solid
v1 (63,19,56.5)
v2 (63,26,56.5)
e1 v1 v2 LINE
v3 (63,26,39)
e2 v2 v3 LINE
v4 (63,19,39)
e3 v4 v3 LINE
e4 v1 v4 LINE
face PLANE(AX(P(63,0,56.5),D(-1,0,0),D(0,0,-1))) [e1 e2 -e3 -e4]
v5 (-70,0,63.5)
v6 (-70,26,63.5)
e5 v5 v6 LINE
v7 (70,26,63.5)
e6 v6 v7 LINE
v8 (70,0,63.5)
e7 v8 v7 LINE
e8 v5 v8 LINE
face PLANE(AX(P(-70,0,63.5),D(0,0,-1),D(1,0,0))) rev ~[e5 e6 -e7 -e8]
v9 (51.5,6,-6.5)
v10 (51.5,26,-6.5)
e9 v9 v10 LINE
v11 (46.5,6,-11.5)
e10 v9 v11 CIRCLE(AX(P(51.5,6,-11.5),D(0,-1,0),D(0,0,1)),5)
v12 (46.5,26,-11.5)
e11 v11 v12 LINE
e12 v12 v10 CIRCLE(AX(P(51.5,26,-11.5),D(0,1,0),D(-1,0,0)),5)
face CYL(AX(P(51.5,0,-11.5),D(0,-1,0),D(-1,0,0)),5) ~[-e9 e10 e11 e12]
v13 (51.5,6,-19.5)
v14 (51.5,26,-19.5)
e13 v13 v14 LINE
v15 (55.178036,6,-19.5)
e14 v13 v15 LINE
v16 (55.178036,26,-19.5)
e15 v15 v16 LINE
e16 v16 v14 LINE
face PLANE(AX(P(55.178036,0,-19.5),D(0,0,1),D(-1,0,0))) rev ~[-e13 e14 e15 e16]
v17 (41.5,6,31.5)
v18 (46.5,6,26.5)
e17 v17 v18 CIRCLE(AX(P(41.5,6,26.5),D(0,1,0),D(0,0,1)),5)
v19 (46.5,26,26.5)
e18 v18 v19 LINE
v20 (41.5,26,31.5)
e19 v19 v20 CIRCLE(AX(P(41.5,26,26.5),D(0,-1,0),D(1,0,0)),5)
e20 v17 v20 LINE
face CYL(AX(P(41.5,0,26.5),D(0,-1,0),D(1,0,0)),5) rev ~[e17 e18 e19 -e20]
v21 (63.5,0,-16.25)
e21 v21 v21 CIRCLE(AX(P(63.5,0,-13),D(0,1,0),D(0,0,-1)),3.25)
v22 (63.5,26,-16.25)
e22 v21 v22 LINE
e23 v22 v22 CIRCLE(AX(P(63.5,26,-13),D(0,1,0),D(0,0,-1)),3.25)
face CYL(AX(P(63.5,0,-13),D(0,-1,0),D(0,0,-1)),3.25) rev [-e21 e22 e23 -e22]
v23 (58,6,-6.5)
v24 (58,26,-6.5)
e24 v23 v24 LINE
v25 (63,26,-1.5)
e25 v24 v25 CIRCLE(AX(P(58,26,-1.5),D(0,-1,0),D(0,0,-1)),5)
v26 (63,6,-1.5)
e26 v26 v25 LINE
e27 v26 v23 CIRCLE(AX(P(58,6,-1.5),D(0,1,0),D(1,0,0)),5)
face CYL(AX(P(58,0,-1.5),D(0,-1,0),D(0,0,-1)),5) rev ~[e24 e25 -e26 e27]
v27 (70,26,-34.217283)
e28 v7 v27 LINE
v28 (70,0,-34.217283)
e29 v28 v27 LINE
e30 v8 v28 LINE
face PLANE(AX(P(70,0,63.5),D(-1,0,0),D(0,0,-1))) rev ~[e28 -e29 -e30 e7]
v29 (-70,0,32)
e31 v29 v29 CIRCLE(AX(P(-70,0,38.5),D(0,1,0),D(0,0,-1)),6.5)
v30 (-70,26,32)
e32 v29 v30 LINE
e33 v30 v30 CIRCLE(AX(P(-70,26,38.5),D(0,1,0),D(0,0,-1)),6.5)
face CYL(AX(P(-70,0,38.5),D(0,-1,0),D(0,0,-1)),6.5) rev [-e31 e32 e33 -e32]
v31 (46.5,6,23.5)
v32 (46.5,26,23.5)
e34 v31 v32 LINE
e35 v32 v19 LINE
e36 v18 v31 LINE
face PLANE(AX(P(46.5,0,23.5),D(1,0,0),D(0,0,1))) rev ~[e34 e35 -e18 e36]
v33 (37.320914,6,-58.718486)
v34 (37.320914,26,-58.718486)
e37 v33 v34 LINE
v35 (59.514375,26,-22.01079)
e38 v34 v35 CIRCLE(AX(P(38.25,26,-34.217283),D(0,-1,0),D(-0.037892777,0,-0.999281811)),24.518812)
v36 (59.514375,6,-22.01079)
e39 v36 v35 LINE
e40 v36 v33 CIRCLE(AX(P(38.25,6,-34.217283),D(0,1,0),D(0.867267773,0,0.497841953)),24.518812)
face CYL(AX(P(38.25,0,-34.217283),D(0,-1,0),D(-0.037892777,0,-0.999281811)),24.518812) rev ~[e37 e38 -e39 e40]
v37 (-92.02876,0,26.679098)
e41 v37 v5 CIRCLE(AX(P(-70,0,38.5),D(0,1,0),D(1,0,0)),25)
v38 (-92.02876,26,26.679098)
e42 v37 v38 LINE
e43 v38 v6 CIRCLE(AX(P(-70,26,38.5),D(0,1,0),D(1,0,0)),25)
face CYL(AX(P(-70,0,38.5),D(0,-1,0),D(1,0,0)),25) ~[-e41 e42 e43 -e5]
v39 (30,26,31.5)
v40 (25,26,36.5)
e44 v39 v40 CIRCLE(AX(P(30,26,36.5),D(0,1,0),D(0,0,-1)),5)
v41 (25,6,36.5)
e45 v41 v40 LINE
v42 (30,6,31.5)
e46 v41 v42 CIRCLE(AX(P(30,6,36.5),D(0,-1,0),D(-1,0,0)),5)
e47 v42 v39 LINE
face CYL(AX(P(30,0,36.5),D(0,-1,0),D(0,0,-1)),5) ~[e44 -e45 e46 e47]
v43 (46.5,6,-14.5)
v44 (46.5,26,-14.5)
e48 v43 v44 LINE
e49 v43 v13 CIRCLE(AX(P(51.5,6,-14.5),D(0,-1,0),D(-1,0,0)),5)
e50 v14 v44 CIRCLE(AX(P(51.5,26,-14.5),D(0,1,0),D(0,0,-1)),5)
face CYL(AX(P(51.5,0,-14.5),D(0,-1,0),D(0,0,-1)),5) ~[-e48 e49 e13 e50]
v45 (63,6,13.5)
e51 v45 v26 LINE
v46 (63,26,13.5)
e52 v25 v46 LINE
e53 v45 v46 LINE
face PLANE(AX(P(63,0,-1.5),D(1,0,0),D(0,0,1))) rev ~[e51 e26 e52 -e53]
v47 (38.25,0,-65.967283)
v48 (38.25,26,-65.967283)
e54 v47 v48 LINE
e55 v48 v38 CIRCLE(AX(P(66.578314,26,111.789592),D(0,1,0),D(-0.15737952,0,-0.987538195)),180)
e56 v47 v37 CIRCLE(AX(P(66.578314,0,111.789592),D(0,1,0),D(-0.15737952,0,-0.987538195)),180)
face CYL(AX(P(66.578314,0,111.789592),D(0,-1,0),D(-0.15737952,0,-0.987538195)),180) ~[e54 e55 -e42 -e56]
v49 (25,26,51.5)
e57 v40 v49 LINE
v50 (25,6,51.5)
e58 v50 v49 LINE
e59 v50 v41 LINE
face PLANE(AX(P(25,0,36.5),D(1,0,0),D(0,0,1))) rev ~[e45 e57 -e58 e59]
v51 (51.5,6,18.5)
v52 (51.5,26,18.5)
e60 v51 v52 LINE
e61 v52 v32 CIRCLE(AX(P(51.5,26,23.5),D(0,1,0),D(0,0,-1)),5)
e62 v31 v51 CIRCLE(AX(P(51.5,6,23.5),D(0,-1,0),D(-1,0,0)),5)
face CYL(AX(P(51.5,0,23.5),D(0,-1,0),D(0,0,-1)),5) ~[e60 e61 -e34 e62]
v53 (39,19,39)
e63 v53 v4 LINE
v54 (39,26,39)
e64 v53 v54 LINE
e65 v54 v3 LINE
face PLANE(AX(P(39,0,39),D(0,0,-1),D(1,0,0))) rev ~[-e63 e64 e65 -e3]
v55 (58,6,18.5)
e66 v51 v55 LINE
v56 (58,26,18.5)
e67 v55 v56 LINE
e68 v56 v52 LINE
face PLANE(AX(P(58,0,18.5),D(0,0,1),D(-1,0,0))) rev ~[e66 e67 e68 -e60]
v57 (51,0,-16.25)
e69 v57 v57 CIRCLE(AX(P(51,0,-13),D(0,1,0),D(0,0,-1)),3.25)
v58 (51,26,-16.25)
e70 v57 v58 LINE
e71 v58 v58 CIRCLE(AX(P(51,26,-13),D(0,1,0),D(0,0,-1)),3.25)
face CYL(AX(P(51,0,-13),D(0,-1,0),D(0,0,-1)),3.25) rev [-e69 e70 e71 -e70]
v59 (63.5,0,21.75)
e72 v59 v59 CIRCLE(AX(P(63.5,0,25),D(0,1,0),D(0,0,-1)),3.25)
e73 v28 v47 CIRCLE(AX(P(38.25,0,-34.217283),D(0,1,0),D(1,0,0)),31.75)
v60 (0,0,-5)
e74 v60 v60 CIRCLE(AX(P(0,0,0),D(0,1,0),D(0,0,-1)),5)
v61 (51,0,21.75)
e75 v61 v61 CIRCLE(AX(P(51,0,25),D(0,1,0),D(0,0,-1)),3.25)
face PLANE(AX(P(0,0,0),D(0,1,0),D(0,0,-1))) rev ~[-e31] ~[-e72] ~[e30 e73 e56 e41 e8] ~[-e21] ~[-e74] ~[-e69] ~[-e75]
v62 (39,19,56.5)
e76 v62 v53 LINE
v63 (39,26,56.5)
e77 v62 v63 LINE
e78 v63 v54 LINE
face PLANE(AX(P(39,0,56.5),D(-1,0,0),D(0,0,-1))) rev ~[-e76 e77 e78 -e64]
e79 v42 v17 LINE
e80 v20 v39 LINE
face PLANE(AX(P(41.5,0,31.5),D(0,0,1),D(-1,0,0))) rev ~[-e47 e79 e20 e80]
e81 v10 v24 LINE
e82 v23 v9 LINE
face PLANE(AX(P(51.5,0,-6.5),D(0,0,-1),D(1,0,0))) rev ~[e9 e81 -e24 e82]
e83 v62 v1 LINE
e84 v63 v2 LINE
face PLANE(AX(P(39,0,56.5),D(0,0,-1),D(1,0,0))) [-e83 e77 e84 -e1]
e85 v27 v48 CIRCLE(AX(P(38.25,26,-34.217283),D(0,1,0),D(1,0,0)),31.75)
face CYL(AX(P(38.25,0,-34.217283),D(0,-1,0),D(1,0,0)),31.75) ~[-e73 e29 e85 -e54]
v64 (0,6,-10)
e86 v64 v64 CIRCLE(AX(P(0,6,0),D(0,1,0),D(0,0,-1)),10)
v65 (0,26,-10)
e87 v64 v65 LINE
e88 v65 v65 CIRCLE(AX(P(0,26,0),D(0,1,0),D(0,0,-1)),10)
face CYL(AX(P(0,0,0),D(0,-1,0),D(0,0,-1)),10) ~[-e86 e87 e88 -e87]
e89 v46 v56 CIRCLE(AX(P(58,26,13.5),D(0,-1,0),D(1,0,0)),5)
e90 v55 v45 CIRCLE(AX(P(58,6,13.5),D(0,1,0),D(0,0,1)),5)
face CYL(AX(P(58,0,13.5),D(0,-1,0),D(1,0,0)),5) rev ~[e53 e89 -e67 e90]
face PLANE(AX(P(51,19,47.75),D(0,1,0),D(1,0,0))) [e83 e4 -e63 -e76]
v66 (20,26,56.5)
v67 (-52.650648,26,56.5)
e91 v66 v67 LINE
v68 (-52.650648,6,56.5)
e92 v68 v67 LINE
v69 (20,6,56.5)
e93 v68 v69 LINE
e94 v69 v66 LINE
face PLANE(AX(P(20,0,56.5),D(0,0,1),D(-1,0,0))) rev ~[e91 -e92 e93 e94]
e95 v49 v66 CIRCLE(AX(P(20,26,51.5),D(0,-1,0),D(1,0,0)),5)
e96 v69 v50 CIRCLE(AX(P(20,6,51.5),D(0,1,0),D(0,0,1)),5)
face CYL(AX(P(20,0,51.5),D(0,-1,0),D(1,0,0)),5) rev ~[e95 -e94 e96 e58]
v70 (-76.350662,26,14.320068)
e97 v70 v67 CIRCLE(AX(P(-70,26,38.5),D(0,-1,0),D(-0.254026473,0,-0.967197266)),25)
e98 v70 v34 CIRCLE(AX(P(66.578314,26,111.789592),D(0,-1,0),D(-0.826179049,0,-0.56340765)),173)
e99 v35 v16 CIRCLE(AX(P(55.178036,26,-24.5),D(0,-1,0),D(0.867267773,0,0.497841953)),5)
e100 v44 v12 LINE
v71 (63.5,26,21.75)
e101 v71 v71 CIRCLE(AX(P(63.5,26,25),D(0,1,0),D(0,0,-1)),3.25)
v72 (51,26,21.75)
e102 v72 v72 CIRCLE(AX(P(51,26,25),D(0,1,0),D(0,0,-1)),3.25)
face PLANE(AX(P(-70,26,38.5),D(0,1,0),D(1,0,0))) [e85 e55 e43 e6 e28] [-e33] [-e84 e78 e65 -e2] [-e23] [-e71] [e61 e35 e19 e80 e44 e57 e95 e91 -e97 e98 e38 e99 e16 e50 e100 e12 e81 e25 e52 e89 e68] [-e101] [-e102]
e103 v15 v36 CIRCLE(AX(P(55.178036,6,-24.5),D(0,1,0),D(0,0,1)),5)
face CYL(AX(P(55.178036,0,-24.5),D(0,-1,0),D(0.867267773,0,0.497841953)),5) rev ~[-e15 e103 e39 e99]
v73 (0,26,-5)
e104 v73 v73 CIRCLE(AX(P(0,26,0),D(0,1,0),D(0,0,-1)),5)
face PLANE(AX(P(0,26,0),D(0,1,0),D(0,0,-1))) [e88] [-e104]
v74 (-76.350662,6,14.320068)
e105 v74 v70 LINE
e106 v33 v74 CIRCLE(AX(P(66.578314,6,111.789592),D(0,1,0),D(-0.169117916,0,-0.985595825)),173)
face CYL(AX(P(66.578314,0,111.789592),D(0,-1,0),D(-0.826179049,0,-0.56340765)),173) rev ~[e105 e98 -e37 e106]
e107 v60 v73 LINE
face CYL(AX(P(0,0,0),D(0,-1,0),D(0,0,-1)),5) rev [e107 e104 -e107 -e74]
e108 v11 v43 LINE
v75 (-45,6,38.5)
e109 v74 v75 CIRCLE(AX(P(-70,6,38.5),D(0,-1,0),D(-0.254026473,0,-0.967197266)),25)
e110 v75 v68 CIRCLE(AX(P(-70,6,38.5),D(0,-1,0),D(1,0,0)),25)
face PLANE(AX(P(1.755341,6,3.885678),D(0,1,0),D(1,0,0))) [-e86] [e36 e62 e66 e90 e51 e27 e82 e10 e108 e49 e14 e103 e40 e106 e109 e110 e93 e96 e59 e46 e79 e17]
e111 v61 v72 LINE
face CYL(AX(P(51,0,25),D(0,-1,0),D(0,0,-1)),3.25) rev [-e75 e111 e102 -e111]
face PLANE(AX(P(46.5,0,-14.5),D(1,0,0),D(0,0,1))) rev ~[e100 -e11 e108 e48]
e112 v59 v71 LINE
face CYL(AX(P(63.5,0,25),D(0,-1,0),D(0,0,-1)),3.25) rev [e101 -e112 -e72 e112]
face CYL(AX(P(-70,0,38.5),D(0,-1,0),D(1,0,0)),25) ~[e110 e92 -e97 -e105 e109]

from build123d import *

# Parameters (mm, degrees)
SKETCH1_W           = 24
SKETCH1_H           = 17.5
SKETCH1_R           = 3.249999996
SKETCH1_R_2         = 3.25
SKETCH1_R_3         = 6.5
BOSS_EXTRUDE1_DEPTH = 26
SKETCH1_3_R         = 10
BOSS_EXTRUDE2_DEPTH = 6
SKETCH1_4_W         = 24
SKETCH1_4_H         = 17.5
BOSS_EXTRUDE3_DEPTH = 19
SKETCH1_5_R         = 10
SKETCH1_5_R_2       = 5
BOSS_EXTRUDE4_DEPTH = 26


with BuildPart() as part:
    # Sketch1 → Boss-Extrude1 (new body)
    with BuildSketch(Plane(origin=(0, 0, 0), x_dir=(1, 0, 0), z_dir=(0, 1, 0))):
        with BuildLine():
            ThreePointArc((38.25, 65.967283386), (-37.738740481, 34.900395081), (-92.028760258, -26.679098109))
            ThreePointArc((-92.028760258, -26.679098109), (-91.453700698, -51.335058487), (-70, -63.5))
            Line((-70, -63.5), (70, -63.5))
            Line((70, -63.5), (70, 34.217283386))
            ThreePointArc((70, 34.217283386), (60.700640303, 56.667923689), (38.25, 65.967283386))
        make_face()
        with BuildLine():
            Line((20, -56.5), (-52.650648427, -56.5))
            ThreePointArc((-52.650648427, -56.5), (-48.204829606, -26.253753738), (-76.350661821, -14.320068353))
            ThreePointArc((-76.350661821, -14.320068353), (-26.940104532, 33.755265523), (37.320914143, 58.718486024))
            ThreePointArc((37.320914143, 58.718486024), (59.232009713, 46.90299975), (59.514375282, 22.010790233))
            ThreePointArc((59.514375282, 22.010790233), (57.683425726, 20.172988974), (55.178036419, 19.5))
            Line((55.178036419, 19.5), (51.5, 19.5))
            ThreePointArc((51.5, 19.5), (47.964466094, 18.035533906), (46.5, 14.5))
            Line((46.5, 14.5), (46.5, 11.5))
            ThreePointArc((46.5, 11.5), (47.964466094, 7.964466094), (51.5, 6.5))
            Line((51.5, 6.5), (58, 6.5))
            ThreePointArc((58, 6.5), (61.535533906, 5.035533906), (63, 1.5))
            Line((63, 1.5), (63, -13.5))
            ThreePointArc((63, -13.5), (61.535533906, -17.035533906), (58, -18.5))
            Line((58, -18.5), (51.5, -18.5))
            ThreePointArc((51.5, -18.5), (47.964466094, -19.964466094), (46.5, -23.5))
            Line((46.5, -23.5), (46.5, -26.5))
            ThreePointArc((46.5, -26.5), (45.035533906, -30.035533906), (41.5, -31.5))
            Line((41.5, -31.5), (30, -31.5))
            ThreePointArc((30, -31.5), (26.464466094, -32.964466094), (25, -36.5))
            Line((25, -36.5), (25, -51.5))
            ThreePointArc((25, -51.5), (23.535533906, -55.035533906), (20, -56.5))
        make_face(mode=Mode.SUBTRACT)
        with Locations((51, -47.75)):
            Rectangle(SKETCH1_W, SKETCH1_H, mode=Mode.SUBTRACT)
        with Locations((51, -25)):
            Circle(SKETCH1_R, mode=Mode.SUBTRACT)
        with Locations((63.5, -25)):
            Circle(SKETCH1_R_2, mode=Mode.SUBTRACT)
        with Locations((51, 13)):
            Circle(SKETCH1_R, mode=Mode.SUBTRACT)
        with Locations((63.5, 13)):
            Circle(SKETCH1_R_2, mode=Mode.SUBTRACT)
        with Locations((-70, -38.5)):
            Circle(SKETCH1_R_3, mode=Mode.SUBTRACT)
    extrude(amount=BOSS_EXTRUDE1_DEPTH)

    # Sketch1<3> → Boss-Extrude2 (add)
    with BuildSketch(Plane(origin=(0, 0, 0), x_dir=(1, 0, 0), z_dir=(0, 1, 0))):
        with BuildLine():
            ThreePointArc((-45, -38.5), (-46.992025412, -48.279218033), (-52.650648427, -56.5))
            Line((-52.650648427, -56.5), (20, -56.5))
            ThreePointArc((20, -56.5), (23.535533906, -55.035533906), (25, -51.5))
            Line((25, -51.5), (25, -36.5))
            ThreePointArc((25, -36.5), (26.464466094, -32.964466094), (30, -31.5))
            Line((30, -31.5), (41.5, -31.5))
            ThreePointArc((41.5, -31.5), (45.035533906, -30.035533906), (46.5, -26.5))
            Line((46.5, -26.5), (46.5, -23.5))
            ThreePointArc((46.5, -23.5), (47.964466094, -19.964466094), (51.5, -18.5))
            Line((51.5, -18.5), (58, -18.5))
            ThreePointArc((58, -18.5), (61.535533906, -17.035533906), (63, -13.5))
            Line((63, -13.5), (63, 1.5))
            ThreePointArc((63, 1.5), (61.535533906, 5.035533906), (58, 6.5))
            Line((58, 6.5), (51.5, 6.5))
            ThreePointArc((51.5, 6.5), (47.964466094, 7.964466094), (46.5, 11.5))
            Line((46.5, 11.5), (46.5, 14.5))
            ThreePointArc((46.5, 14.5), (47.964466094, 18.035533906), (51.5, 19.5))
            Line((51.5, 19.5), (55.178036419, 19.5))
            ThreePointArc((55.178036419, 19.5), (57.683425726, 20.172988974), (59.514375282, 22.010790233))
            ThreePointArc((59.514375282, 22.010790233), (59.232009713, 46.90299975), (37.320914143, 58.718486024))
            ThreePointArc((37.320914143, 58.718486024), (-26.940104532, 33.755265523), (-76.350661821, -14.320068353))
            ThreePointArc((-76.350661821, -14.320068353), (-54.731839428, -18.703958154), (-45, -38.5))
        make_face()
        Circle(SKETCH1_3_R, mode=Mode.SUBTRACT)
    extrude(amount=BOSS_EXTRUDE2_DEPTH)

    # Sketch1<4> → Boss-Extrude3 (add)
    with BuildSketch(Plane(origin=(0, 0, 0), x_dir=(1, 0, 0), z_dir=(0, 1, 0))):
        with Locations((51, -47.75)):
            Rectangle(SKETCH1_4_W, SKETCH1_4_H)
    extrude(amount=BOSS_EXTRUDE3_DEPTH)

    # Sketch1<5> → Boss-Extrude4 (add)
    with BuildSketch(Plane(origin=(0, 0, 0), x_dir=(1, 0, 0), z_dir=(0, 1, 0))):
        Circle(SKETCH1_5_R)
        Circle(SKETCH1_5_R_2, mode=Mode.SUBTRACT)
    extrude(amount=BOSS_EXTRUDE4_DEPTH)


solid = part.part
